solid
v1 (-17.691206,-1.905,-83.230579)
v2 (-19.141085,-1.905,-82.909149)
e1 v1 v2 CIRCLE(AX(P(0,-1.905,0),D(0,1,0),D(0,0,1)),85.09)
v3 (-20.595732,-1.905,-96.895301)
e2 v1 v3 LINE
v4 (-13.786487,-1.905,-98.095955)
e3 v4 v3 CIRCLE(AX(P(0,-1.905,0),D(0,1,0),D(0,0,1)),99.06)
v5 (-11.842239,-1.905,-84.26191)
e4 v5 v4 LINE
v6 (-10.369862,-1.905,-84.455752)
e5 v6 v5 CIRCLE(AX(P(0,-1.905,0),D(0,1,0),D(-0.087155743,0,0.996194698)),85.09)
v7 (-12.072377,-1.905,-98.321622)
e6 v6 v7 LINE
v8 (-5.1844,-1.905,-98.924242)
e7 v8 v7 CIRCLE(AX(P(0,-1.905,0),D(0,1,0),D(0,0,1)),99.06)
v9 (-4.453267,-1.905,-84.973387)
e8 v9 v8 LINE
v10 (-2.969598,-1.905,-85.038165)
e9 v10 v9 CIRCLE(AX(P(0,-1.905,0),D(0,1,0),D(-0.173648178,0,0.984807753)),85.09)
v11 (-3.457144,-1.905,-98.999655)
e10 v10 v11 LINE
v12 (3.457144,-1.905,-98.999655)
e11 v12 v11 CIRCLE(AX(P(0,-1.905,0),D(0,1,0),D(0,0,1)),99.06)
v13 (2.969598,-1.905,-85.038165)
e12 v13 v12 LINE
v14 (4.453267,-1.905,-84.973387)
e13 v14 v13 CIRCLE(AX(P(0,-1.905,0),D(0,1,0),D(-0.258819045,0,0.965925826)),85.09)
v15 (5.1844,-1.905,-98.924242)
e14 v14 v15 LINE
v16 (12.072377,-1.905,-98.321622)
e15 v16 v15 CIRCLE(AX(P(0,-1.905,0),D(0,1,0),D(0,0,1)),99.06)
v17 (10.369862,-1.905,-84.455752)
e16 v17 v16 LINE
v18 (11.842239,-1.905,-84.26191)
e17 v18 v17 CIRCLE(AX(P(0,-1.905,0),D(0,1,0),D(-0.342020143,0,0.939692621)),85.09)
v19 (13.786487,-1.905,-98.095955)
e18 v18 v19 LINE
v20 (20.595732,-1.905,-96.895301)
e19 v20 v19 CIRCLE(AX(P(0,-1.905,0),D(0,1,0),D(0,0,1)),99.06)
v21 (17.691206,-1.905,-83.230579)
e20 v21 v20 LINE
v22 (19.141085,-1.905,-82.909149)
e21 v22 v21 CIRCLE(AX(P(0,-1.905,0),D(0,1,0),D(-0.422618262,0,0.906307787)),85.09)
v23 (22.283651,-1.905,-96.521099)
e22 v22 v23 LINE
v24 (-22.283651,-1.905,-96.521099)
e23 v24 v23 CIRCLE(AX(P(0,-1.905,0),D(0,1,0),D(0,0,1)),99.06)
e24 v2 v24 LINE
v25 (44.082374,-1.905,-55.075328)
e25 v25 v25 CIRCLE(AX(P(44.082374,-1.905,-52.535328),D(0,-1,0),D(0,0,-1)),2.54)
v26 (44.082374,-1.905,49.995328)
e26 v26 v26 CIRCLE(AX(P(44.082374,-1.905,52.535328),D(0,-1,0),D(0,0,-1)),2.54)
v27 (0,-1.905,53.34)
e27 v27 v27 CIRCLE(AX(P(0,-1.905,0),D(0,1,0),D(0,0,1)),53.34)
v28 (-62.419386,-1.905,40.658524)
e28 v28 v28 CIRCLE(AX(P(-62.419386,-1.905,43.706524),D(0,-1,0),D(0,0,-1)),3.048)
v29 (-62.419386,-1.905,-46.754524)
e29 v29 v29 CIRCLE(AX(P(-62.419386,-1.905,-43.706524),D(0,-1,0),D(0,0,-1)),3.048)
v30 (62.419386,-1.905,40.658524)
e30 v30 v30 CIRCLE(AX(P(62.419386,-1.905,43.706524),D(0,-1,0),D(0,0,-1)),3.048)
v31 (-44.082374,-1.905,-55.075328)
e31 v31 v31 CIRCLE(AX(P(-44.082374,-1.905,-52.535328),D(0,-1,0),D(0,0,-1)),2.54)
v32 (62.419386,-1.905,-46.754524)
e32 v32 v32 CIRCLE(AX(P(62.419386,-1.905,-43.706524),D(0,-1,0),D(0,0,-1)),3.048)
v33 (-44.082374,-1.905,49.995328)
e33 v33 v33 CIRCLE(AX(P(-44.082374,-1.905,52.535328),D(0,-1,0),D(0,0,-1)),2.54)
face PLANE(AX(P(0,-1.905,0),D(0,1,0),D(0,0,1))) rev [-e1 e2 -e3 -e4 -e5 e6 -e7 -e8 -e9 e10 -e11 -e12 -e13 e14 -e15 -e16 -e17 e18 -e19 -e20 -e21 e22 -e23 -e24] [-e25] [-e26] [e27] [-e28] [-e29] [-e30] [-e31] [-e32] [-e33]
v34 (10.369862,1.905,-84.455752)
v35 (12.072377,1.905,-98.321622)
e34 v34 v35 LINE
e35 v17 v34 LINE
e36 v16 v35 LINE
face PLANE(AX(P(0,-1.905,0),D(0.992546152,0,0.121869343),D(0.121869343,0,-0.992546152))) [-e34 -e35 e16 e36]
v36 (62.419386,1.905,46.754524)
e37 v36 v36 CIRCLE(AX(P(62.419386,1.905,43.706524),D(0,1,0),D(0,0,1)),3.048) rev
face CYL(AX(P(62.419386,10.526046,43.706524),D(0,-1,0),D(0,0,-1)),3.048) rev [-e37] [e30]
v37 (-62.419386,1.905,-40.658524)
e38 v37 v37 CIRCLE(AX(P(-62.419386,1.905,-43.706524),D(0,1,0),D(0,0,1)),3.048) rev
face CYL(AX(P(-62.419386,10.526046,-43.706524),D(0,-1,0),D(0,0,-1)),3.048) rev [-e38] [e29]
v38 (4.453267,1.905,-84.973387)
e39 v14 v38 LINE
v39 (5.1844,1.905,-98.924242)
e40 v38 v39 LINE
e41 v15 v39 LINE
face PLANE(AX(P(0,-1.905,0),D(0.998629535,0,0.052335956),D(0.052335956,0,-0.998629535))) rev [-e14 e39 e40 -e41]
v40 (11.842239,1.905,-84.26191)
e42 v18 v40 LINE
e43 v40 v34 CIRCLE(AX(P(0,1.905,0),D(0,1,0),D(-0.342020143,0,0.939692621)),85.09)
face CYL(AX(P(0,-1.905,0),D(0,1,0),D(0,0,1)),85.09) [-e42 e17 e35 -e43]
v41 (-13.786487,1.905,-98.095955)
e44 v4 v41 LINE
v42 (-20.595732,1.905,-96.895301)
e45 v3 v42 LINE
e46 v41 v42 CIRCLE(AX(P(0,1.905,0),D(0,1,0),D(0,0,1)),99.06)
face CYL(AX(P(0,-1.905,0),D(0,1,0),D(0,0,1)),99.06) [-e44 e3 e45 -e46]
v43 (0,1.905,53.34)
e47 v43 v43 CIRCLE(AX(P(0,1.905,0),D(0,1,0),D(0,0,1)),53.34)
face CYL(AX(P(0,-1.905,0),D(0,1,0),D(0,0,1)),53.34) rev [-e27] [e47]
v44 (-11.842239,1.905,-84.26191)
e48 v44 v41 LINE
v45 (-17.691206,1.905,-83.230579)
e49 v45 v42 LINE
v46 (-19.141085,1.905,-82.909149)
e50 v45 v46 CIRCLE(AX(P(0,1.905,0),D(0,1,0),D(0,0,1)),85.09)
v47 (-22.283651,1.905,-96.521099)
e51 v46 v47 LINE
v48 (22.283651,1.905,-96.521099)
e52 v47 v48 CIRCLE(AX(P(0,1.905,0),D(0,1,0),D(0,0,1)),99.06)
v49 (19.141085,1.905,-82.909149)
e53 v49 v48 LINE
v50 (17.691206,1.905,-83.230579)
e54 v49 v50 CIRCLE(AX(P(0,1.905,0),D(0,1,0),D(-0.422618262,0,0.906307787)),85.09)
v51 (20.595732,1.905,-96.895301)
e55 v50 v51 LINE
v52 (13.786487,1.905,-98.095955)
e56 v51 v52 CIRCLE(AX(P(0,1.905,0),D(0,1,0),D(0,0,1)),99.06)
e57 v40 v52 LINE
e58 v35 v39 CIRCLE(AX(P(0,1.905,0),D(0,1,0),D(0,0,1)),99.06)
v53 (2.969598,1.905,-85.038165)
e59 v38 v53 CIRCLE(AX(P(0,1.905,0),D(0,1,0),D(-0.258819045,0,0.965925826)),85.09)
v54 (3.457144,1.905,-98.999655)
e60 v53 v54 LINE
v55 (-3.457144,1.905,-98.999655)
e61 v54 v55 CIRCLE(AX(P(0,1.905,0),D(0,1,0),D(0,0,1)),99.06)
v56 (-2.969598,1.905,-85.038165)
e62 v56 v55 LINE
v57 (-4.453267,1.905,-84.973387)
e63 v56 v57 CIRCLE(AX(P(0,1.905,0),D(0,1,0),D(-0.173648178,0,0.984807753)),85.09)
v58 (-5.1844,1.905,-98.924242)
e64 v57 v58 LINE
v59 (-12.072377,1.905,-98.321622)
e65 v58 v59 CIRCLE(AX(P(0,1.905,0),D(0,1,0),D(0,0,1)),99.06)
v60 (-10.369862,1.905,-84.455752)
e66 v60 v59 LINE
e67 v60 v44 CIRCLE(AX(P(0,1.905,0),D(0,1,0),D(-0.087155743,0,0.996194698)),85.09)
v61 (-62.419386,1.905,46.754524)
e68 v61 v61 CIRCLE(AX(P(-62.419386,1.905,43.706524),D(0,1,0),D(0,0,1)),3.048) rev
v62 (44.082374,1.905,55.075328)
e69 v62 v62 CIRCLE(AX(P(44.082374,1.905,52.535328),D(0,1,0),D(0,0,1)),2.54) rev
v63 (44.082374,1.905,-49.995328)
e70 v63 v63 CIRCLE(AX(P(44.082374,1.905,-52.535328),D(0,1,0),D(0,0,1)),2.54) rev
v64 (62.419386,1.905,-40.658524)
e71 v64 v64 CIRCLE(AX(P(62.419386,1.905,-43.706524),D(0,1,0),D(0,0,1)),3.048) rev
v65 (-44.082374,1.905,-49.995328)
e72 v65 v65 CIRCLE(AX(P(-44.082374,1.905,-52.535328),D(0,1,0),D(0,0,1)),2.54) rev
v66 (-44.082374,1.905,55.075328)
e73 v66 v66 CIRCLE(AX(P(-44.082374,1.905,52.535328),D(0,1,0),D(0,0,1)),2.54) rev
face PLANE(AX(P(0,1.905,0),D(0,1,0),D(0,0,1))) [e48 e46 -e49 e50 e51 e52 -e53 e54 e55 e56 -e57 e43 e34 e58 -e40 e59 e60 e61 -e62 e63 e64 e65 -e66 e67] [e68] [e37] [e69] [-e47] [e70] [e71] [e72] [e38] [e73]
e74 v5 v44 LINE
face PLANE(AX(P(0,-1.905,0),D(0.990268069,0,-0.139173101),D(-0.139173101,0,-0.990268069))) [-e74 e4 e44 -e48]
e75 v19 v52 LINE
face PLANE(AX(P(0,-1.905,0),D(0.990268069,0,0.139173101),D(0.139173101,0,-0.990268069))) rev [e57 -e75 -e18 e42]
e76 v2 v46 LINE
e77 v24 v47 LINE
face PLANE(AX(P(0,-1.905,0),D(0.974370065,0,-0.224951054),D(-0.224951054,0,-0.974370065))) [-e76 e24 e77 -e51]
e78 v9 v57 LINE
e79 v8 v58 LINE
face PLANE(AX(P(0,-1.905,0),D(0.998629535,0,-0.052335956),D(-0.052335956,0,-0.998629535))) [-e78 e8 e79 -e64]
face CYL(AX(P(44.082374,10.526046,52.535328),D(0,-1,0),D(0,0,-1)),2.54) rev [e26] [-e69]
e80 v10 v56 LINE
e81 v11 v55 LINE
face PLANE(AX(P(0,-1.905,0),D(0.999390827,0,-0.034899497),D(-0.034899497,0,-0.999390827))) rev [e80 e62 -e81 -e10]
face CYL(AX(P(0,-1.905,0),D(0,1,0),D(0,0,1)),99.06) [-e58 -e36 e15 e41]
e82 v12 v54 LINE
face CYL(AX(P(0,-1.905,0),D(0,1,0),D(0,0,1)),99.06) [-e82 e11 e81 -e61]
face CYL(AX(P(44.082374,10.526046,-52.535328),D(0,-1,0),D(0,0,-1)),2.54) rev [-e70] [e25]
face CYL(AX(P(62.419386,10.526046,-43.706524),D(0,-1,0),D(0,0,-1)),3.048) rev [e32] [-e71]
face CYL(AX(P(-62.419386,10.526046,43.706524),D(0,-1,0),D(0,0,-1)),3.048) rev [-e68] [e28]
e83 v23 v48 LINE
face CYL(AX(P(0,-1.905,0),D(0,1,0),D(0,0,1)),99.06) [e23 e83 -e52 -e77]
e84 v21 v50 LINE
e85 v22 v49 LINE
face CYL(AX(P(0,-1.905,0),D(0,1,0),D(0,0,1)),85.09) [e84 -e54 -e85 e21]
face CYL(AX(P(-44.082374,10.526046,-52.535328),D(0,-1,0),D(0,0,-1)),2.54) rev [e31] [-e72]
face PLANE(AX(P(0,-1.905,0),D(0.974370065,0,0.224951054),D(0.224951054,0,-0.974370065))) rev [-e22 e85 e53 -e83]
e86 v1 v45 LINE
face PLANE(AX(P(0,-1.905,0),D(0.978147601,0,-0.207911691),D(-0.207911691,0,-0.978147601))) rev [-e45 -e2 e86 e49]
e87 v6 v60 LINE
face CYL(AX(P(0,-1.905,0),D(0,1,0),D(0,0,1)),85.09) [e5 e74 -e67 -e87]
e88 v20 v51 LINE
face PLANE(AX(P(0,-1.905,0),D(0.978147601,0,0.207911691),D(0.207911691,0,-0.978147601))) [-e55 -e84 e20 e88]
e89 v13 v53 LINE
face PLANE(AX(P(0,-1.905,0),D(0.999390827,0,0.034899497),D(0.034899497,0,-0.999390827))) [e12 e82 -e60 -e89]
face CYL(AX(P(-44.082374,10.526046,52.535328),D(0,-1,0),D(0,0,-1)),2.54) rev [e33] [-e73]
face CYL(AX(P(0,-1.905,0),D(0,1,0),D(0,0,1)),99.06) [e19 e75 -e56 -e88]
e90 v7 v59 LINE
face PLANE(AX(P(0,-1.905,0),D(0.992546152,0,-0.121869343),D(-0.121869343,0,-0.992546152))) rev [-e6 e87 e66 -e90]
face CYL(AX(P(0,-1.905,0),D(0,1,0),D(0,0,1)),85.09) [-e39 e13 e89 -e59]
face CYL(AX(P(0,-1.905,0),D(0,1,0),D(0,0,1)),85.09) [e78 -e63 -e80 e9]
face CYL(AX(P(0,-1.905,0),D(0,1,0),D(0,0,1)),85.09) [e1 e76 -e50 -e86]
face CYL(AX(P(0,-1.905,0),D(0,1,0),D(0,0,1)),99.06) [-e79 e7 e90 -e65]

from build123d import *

# Parameters (mm, degrees)
F_98MM_6ID_CENTERING_RING_SKETCH_7_R = 53.34
CENTERING_RING_EXTRUDE_DEPTH         = 1.905
CENTERING_RING_EXTRUDE_DEPTH_BACK    = 1.905
CUT_EXTRUDE3_DEPTH                   = 4.81
CIRPATTERN1_COUNT                    = 6
CIRPATTERN1_ANGLE                    = 25
SKETCH5_R                            = 3.048
SKETCH5_R_2                          = 2.54
CUT_EXTRUDE4_DEPTH                   = 3.81


with BuildPart() as part:
    # 98mm - 6ID centering ring sketch_7 → Centering Ring Extrude (new body, two sides)
    with BuildSketch(Plane(origin=(0, 0, 0), x_dir=(1, 0, 0), z_dir=(0, 1, 0))) as centering_ring_extrude_sk:
        with BuildLine():
            Line((56.425744124, 3.175), (99.009105516, 3.175))
            ThreePointArc((99.009105516, 3.175), (70.045997744, 70.045997744), (3.175, 99.009105516))
            Line((3.175, 99.009105516), (3.175, 56.425744124))
            ThreePointArc((3.175, 56.425744124), (0, 56.515), (-3.175, 56.425744124))
            Line((-3.175, 56.425744124), (-3.175, 99.009105516))
            ThreePointArc((-3.175, 99.009105516), (-70.045997744, 70.045997744), (-99.009105516, 3.175))
            Line((-99.009105516, 3.175), (-56.425744124, 3.175))
            ThreePointArc((-56.425744124, 3.175), (-56.515, 0), (-56.425744124, -3.175))
            Line((-56.425744124, -3.175), (-99.009105516, -3.175))
            ThreePointArc((-99.009105516, -3.175), (-70.045997744, -70.045997744), (-3.175, -99.009105516))
            Line((-3.175, -99.009105516), (-3.175, -56.425744124))
            ThreePointArc((-3.175, -56.425744124), (0, -56.515), (3.175, -56.425744124))
            Line((3.175, -56.425744124), (3.175, -99.009105516))
            ThreePointArc((3.175, -99.009105516), (70.045997744, -70.045997744), (99.009105516, -3.175))
            Line((99.009105516, -3.175), (56.425744124, -3.175))
            ThreePointArc((56.425744124, -3.175), (56.515, 0), (56.425744124, 3.175))
        make_face()
        Circle(F_98MM_6ID_CENTERING_RING_SKETCH_7_R, mode=Mode.SUBTRACT)
        with BuildLine():
            ThreePointArc((99.06, 0), (99.047275562, 1.587703943), (99.009105516, 3.175))
            Line((99.009105516, 3.175), (56.425744124, 3.175))
            ThreePointArc((56.425744124, 3.175), (56.515, 0), (56.425744124, -3.175))
            Line((56.425744124, -3.175), (99.009105516, -3.175))
            ThreePointArc((99.009105516, -3.175), (99.047275562, -1.587703943), (99.06, 0))
        make_face()
        with BuildLine():
            Line((3.175, 56.425744124), (3.175, 99.009105516))
            ThreePointArc((3.175, 99.009105516), (0, 99.06), (-3.175, 99.009105516))
            Line((-3.175, 99.009105516), (-3.175, 56.425744124))
            ThreePointArc((-3.175, 56.425744124), (0, 56.515), (3.175, 56.425744124))
        make_face()
        with BuildLine():
            Line((-56.425744124, 3.175), (-99.009105516, 3.175))
            ThreePointArc((-99.009105516, 3.175), (-99.06, 0), (-99.009105516, -3.175))
            Line((-99.009105516, -3.175), (-56.425744124, -3.175))
            ThreePointArc((-56.425744124, -3.175), (-56.515, 0), (-56.425744124, 3.175))
        make_face()
        with BuildLine():
            ThreePointArc((-3.175, -99.009105516), (0, -99.06), (3.175, -99.009105516))
            Line((3.175, -99.009105516), (3.175, -56.425744124))
            ThreePointArc((3.175, -56.425744124), (0, -56.515), (-3.175, -56.425744124))
            Line((-3.175, -56.425744124), (-3.175, -99.009105516))
        make_face()
    extrude(amount=CENTERING_RING_EXTRUDE_DEPTH)
    extrude(centering_ring_extrude_sk.sketch, amount=-CENTERING_RING_EXTRUDE_DEPTH_BACK)

    # Sketch3 → Cut-Extrude3 (cut, through all)
    with BuildSketch(Plane(origin=(0, 1.905, 0), x_dir=(1, 0, 0), z_dir=(0, 1, 0))):
        with BuildLine():
            Line((-22.283651443, 96.521098618), (-19.141085214, 82.909148813))
            ThreePointArc((-19.141085214, 82.909148813), (-18.41684675, 83.073027246), (-17.691205772, 83.230579346))
            Line((-17.691205772, 83.230579346), (-20.595732092, 96.895301329))
            ThreePointArc((-20.595732092, 96.895301329), (-21.440508157, 96.711882465), (-22.283651443, 96.521098618))
        make_face()
    cut_extrude3 = extrude(amount=-CUT_EXTRUDE3_DEPTH, mode=Mode.SUBTRACT)

    # CirPattern1: Cut-Extrude3 ×6 about axis
    cirpattern1_axis = Axis((0, 0, 0), (0, -1, 0))
    for i in range(1, CIRPATTERN1_COUNT):
        add(cut_extrude3.rotate(cirpattern1_axis, i * CIRPATTERN1_ANGLE / (CIRPATTERN1_COUNT - 1)), mode=Mode.SUBTRACT)

    # Sketch5 → Cut-Extrude4 (cut)
    with BuildSketch(Plane.XZ.offset(1.905)):
        with Locations((-62.419385775, 43.70652445)):
            Circle(SKETCH5_R)
        with Locations((-44.082374272, 52.535327909)):
            Circle(SKETCH5_R_2)
        with Locations((44.082374272, 52.535327909)):
            Circle(SKETCH5_R_2)
        with Locations((62.419385775, 43.70652445)):
            Circle(SKETCH5_R)
        with Locations((62.419385775, -43.70652445)):
            Circle(SKETCH5_R)
        with Locations((44.082374272, -52.535327909)):
            Circle(SKETCH5_R_2)
        with Locations((-44.082374272, -52.535327909)):
            Circle(SKETCH5_R_2)
        with Locations((-62.419385775, -43.70652445)):
            Circle(SKETCH5_R)
    extrude(amount=-CUT_EXTRUDE4_DEPTH, mode=Mode.SUBTRACT)


solid = part.part
